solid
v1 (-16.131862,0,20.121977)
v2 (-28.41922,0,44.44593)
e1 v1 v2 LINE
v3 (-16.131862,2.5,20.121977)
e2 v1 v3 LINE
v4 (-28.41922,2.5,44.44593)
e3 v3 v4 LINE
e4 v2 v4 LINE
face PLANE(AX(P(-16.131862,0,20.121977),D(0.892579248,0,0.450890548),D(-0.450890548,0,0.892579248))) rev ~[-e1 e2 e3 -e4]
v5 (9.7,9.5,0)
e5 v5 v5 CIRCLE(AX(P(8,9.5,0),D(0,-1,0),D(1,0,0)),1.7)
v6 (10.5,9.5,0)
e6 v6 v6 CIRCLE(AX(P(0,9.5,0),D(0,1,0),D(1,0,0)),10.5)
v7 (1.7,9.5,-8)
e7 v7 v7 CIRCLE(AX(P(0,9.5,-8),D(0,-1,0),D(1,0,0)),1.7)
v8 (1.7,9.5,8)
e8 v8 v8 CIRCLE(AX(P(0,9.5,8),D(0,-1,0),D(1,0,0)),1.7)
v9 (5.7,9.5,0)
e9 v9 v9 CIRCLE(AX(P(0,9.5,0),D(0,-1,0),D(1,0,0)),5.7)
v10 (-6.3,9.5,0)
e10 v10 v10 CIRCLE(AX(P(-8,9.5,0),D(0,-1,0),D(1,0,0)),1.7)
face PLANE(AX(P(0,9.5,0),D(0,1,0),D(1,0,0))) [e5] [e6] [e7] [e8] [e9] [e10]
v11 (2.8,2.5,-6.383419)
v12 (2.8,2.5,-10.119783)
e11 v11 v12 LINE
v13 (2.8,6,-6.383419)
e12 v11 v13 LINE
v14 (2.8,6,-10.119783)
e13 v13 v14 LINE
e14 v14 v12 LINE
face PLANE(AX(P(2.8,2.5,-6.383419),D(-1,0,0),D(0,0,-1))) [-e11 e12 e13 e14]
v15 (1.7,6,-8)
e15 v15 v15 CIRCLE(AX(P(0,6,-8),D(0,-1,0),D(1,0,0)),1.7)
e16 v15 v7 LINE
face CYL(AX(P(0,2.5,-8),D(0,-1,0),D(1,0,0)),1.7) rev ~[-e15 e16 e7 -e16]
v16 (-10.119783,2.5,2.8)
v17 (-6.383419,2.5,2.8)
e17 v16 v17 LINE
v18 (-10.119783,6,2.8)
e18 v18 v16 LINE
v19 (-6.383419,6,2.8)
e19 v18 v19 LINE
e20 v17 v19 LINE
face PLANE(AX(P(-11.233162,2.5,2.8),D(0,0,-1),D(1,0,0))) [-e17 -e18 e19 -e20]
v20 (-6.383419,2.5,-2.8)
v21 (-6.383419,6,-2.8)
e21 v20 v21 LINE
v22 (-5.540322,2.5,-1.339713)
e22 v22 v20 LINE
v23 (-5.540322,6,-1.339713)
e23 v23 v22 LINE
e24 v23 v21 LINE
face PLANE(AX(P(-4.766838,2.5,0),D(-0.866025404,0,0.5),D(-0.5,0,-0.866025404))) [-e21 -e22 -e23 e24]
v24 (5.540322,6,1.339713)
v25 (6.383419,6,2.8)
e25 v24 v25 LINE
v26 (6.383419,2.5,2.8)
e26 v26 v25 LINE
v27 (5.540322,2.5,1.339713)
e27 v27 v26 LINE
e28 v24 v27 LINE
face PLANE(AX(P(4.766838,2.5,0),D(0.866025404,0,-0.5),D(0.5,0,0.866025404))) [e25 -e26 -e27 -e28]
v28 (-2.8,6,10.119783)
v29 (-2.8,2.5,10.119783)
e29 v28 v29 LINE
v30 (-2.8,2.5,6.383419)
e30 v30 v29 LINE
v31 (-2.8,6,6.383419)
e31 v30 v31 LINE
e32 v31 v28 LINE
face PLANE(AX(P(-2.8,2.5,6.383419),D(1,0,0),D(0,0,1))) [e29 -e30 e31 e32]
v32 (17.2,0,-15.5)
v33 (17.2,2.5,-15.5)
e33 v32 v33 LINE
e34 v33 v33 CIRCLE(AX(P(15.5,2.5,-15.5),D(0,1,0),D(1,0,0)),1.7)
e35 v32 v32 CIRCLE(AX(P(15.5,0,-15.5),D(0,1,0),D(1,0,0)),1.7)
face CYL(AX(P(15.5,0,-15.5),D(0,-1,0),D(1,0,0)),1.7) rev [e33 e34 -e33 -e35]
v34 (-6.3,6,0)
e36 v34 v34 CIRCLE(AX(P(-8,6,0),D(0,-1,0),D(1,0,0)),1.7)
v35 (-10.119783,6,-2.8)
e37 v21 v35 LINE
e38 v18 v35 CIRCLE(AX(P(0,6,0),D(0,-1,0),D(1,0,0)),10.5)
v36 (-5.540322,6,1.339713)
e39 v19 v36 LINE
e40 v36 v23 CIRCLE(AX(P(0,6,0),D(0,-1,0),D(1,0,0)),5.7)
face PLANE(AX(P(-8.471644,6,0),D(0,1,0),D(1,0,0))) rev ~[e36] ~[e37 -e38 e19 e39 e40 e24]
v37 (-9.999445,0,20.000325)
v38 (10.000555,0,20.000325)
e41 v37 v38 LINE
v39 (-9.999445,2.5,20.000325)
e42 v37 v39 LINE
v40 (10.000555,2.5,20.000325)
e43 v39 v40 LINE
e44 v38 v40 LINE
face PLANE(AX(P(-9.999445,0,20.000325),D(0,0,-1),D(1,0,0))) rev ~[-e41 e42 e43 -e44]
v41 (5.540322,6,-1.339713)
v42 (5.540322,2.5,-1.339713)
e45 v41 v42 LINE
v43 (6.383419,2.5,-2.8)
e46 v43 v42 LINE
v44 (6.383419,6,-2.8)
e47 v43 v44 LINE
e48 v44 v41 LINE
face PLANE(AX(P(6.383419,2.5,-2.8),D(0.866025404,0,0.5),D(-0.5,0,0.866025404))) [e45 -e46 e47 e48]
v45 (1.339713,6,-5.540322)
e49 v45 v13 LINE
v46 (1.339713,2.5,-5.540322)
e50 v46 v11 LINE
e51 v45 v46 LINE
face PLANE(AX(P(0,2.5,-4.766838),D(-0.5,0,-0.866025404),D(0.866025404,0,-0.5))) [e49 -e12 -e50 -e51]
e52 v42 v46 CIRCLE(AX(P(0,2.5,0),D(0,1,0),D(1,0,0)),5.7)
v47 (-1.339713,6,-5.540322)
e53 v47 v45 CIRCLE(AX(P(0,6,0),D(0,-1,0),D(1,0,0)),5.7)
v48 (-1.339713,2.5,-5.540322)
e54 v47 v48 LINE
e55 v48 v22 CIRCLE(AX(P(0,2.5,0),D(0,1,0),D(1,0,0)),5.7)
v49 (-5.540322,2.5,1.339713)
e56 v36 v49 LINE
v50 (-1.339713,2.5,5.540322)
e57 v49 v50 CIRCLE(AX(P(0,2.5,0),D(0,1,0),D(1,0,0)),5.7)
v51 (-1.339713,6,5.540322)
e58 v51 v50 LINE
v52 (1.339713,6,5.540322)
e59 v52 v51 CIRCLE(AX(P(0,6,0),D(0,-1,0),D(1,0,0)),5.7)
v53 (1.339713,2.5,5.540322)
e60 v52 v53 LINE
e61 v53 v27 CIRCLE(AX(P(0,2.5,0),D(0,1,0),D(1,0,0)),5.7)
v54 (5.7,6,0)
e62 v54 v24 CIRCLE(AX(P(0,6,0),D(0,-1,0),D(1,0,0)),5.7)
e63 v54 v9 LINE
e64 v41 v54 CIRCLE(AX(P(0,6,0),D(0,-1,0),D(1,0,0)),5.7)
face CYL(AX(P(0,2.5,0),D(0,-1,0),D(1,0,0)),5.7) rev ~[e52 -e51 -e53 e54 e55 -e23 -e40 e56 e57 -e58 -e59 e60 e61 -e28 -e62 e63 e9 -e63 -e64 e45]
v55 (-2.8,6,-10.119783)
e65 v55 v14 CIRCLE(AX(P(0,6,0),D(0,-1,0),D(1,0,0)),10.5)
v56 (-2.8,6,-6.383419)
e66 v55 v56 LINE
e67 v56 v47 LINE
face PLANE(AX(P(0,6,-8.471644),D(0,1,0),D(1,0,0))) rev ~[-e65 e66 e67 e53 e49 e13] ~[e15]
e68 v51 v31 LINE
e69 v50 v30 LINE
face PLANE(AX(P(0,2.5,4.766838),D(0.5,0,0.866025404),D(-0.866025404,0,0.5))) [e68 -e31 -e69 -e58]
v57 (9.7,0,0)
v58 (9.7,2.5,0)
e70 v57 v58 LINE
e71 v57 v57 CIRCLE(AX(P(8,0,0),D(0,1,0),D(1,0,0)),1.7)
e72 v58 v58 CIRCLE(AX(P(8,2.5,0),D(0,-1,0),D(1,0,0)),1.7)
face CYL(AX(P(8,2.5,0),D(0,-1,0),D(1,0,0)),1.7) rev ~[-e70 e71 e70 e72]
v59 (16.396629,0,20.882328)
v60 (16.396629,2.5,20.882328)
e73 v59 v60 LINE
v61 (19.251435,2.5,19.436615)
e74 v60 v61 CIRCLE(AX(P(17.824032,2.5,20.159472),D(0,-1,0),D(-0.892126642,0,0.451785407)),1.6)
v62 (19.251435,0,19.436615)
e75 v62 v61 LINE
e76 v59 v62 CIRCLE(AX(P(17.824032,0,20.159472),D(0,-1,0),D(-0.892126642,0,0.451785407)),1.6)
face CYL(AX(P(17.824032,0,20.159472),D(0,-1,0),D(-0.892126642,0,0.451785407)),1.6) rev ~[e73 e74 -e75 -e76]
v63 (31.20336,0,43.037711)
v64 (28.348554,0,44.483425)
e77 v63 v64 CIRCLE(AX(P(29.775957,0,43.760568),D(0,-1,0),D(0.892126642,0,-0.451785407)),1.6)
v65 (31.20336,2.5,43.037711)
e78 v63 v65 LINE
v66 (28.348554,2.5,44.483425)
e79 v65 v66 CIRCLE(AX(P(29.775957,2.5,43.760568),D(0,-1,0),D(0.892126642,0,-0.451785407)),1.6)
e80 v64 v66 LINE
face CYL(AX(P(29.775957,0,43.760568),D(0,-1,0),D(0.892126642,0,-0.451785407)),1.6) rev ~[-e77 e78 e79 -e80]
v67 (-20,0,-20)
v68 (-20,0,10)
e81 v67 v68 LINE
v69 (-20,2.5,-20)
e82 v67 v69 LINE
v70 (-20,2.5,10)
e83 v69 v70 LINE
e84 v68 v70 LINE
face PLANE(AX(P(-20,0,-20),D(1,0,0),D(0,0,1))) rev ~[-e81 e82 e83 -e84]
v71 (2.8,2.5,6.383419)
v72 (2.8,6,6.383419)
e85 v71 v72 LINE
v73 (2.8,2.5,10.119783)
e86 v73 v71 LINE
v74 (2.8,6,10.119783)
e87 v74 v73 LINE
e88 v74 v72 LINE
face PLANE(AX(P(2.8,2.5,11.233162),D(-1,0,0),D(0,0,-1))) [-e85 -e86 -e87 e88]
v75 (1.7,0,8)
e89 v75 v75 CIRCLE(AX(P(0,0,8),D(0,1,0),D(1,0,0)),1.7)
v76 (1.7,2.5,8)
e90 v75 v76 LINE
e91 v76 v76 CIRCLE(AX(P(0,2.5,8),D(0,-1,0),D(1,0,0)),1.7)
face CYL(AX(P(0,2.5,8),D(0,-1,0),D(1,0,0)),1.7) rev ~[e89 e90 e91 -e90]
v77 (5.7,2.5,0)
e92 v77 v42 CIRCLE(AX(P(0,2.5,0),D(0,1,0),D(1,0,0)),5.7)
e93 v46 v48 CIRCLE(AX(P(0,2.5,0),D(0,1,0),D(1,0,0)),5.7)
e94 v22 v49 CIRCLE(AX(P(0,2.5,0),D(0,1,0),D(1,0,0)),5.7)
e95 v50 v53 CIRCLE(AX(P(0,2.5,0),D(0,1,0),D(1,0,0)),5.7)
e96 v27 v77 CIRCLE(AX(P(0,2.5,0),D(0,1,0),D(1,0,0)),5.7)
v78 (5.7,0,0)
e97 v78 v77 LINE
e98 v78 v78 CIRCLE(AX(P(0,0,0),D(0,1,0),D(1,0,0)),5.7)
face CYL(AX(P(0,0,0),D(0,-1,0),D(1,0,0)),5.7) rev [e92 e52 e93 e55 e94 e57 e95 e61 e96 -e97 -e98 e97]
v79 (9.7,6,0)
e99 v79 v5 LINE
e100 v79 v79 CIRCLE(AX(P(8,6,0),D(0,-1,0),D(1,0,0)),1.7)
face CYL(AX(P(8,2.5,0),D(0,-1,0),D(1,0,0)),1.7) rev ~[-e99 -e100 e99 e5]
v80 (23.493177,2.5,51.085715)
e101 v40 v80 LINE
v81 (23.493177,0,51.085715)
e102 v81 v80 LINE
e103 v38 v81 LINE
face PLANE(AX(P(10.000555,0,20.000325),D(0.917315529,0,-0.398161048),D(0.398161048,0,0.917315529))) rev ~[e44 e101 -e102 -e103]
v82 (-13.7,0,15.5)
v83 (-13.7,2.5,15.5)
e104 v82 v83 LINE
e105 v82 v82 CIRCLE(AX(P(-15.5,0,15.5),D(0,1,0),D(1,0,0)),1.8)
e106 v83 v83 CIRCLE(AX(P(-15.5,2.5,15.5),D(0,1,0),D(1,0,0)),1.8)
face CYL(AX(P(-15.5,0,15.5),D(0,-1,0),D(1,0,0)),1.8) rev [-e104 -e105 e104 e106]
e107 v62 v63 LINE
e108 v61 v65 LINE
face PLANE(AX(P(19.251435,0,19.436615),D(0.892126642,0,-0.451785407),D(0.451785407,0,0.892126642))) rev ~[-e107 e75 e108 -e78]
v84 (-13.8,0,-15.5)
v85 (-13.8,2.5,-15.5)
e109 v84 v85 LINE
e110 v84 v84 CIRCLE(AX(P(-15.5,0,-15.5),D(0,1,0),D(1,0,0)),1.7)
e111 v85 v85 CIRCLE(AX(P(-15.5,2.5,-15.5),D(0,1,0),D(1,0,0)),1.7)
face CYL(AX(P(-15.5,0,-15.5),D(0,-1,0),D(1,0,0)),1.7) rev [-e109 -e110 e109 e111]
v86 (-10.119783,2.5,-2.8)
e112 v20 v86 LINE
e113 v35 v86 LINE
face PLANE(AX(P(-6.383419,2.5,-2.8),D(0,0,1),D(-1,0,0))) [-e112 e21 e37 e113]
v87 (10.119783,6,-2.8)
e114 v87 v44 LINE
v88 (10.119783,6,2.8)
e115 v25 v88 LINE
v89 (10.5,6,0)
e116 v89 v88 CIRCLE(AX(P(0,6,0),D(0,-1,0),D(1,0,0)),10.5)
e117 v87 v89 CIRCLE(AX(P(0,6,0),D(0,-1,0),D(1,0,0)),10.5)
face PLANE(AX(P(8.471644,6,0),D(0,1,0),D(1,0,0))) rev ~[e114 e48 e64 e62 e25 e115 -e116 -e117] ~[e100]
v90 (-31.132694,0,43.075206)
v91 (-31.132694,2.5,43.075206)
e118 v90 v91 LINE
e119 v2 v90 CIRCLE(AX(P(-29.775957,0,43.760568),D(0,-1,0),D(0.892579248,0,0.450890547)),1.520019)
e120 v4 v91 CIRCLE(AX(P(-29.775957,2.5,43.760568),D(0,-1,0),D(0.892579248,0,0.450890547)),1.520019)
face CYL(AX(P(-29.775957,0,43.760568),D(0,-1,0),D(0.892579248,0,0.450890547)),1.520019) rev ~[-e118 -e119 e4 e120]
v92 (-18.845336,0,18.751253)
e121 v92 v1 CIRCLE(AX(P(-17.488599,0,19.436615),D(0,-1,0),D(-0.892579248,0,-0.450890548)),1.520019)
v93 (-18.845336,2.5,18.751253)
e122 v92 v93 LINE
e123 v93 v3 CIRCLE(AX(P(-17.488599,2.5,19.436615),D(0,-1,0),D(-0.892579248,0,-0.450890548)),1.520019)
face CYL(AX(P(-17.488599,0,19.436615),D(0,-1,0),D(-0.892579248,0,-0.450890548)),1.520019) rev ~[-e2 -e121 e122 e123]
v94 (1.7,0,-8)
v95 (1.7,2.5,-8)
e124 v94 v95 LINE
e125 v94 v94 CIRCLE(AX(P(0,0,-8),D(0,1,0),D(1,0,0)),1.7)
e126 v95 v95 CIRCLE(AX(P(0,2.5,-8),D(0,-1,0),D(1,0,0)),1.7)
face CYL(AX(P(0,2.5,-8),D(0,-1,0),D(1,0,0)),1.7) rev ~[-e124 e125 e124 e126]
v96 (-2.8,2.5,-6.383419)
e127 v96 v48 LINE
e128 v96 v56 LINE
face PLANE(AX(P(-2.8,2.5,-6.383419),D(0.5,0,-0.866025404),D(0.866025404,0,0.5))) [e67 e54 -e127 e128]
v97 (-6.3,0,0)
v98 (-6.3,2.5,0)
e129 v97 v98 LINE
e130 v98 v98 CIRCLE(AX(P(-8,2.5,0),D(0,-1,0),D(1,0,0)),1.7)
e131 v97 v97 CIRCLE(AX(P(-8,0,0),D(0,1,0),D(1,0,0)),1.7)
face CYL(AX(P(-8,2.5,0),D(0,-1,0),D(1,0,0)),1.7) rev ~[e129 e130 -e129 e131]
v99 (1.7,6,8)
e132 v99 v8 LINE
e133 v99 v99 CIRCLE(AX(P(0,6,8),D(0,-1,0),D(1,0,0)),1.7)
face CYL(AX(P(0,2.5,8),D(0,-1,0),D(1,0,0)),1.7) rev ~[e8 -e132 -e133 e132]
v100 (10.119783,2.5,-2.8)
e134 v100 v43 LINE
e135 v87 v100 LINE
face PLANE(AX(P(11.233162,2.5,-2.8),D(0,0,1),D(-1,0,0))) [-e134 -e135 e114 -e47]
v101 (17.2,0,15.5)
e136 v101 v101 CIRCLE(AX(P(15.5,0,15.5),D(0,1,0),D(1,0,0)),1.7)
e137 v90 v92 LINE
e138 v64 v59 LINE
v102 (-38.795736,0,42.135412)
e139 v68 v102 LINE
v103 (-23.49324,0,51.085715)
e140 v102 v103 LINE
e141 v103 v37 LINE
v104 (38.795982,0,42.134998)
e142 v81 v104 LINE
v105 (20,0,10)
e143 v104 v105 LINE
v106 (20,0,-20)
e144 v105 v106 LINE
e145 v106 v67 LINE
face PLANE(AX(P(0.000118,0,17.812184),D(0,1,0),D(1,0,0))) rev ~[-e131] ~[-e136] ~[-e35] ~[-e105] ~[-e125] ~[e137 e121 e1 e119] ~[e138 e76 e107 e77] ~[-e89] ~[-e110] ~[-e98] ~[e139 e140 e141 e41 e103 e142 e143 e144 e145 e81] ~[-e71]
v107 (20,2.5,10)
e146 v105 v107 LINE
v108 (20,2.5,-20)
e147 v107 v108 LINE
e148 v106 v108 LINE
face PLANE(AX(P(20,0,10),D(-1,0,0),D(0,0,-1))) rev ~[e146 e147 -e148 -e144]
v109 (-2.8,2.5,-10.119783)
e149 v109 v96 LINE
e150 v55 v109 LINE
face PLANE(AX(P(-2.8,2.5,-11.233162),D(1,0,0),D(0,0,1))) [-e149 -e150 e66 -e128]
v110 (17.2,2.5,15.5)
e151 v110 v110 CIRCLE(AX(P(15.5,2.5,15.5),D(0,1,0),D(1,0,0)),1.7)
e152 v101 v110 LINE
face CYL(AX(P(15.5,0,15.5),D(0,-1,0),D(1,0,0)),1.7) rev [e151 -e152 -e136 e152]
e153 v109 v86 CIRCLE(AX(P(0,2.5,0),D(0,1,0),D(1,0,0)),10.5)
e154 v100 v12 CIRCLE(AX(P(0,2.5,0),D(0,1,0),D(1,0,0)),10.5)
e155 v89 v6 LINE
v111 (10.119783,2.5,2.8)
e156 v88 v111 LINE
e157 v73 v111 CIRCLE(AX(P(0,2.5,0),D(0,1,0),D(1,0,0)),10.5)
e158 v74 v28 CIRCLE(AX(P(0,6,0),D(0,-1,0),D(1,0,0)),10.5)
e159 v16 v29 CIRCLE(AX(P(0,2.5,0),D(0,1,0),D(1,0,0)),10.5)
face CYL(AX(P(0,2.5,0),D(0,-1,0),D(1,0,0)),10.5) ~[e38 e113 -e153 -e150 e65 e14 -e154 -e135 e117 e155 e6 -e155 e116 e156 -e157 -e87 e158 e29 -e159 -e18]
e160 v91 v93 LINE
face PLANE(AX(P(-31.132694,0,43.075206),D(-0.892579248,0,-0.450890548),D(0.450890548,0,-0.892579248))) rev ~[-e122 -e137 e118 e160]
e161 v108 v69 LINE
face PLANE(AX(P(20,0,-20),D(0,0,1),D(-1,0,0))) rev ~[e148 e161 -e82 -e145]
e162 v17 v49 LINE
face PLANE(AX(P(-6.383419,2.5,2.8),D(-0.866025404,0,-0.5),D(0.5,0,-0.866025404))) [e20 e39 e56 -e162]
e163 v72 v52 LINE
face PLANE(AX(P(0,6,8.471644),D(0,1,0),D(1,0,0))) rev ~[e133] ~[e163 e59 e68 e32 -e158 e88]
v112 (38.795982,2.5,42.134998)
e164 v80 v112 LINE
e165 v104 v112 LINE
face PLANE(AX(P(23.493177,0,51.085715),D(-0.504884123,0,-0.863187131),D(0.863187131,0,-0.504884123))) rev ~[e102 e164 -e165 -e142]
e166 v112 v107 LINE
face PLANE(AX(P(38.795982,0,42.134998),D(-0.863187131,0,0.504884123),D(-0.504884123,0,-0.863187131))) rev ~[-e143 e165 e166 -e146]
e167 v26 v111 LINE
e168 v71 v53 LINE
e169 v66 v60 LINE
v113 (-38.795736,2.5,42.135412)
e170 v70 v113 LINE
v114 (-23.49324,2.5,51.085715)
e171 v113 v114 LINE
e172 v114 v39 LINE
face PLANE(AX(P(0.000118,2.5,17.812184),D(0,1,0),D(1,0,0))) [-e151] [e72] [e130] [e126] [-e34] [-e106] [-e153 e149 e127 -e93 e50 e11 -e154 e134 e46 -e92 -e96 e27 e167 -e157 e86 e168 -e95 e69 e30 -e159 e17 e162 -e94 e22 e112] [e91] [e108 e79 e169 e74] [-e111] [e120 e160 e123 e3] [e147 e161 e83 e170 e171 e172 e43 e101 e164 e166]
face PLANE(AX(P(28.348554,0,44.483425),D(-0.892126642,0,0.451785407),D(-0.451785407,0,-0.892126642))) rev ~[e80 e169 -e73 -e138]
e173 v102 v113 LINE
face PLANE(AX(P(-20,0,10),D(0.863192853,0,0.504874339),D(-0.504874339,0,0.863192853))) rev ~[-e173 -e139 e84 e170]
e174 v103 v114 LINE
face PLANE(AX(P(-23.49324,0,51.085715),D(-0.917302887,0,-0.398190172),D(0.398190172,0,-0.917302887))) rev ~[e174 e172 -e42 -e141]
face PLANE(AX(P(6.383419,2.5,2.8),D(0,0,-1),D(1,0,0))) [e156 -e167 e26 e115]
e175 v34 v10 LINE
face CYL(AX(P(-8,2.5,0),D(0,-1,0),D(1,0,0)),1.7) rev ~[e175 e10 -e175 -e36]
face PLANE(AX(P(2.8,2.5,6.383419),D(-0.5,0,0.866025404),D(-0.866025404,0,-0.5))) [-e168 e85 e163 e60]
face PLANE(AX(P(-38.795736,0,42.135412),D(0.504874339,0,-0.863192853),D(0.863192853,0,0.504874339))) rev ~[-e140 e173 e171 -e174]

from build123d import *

# Parameters (mm, degrees)
SKETCH_1_R          = 1.7
SKETCH_1_R_2        = 1.8
SKETCH_1_R_3        = 5.7
EXTRUDE_1_DEPTH     = 2.5
SKETCH_2_R          = 10.5
EXTRUDE_2_DEPTH     = 7
SKETCH_4_R          = 1.7
CUT_EXTRUDE_1_DEPTH = 7
CUT_EXTRUDE_2_DEPTH = 3.5
SKETCH_6_R          = 5.7
CUT_EXTRUDE_3_DEPTH = 20


with BuildPart() as part:
    # 草图1 → 凸台-拉伸1 (new body)
    with BuildSketch(Plane(origin=(0, 0, 0), x_dir=(1, 0, 0), z_dir=(0, 1, 0))):
        Polygon((-9.99944515, -20.000324527), (10.00055485, -20.000324527), (23.493176713, -51.085714784), (38.795982487, -42.134997854), (20, -10), (20, 20), (-20, 20), (-20, -10), (-38.79573581, -42.1354119), (-23.493239928, -51.085714784), align=None)
        with Locations((15.5, 15.5)):
            Circle(SKETCH_1_R, mode=Mode.SUBTRACT)
        with Locations((-15.5, -15.5)):
            Circle(SKETCH_1_R_2, mode=Mode.SUBTRACT)
        with Locations((-15.5, 15.5)):
            Circle(SKETCH_1_R, mode=Mode.SUBTRACT)
        Circle(SKETCH_1_R_3, mode=Mode.SUBTRACT)
        with Locations((-8, 0)):
            Circle(SKETCH_1_R, mode=Mode.SUBTRACT)
        with Locations((0, 8)):
            Circle(SKETCH_1_R, mode=Mode.SUBTRACT)
        with Locations((8, 0)):
            Circle(SKETCH_1_R, mode=Mode.SUBTRACT)
        with Locations((0, -8)):
            Circle(SKETCH_1_R, mode=Mode.SUBTRACT)
        with Locations((15.5, -15.5)):
            Circle(SKETCH_1_R, mode=Mode.SUBTRACT)
        with BuildLine():
            Line((-16.131862345, -20.121977189), (-28.419219954, -44.445930008))
            ThreePointArc((-28.419219954, -44.445930008), (-30.461319047, -45.117305053), (-31.132694091, -43.07520596))
            Line((-31.132694091, -43.07520596), (-18.845336482, -18.75125314))
            ThreePointArc((-18.845336482, -18.75125314), (-16.803237389, -18.079878096), (-16.131862345, -20.121977189))
        make_face(mode=Mode.SUBTRACT)
        with BuildLine():
            Line((19.251434516, -19.436615165), (31.203359651, -43.037711333))
            ThreePointArc((31.203359651, -43.037711333), (30.498813674, -45.187970612), (28.348554395, -44.483424635))
            Line((28.348554395, -44.483424635), (16.39662926, -20.882328467))
            ThreePointArc((16.39662926, -20.882328467), (17.101175237, -18.732069188), (19.251434516, -19.436615165))
        make_face(mode=Mode.SUBTRACT)
    extrude(amount=EXTRUDE_1_DEPTH)

    # 草图2 → 凸台-拉伸2 (add)
    with BuildSketch(Plane(origin=(0, 2.5, 0), x_dir=(1, 0, 0), z_dir=(0, 1, 0))):
        Circle(SKETCH_2_R)
    extrude(amount=EXTRUDE_2_DEPTH)

    # 草图4 → 切除-拉伸1 (cut)
    with BuildSketch(Plane.XZ.offset(-2.5)):
        with Locations((0, -8)):
            Circle(SKETCH_4_R)
        with Locations((-8, 0)):
            Circle(SKETCH_4_R)
        with Locations((8, 0)):
            Circle(SKETCH_4_R)
        with Locations((0, 8)):
            Circle(SKETCH_4_R)
    extrude(amount=-CUT_EXTRUDE_1_DEPTH, mode=Mode.SUBTRACT)

    # 草图5 → 切除-拉伸2 (cut)
    with BuildSketch(Plane(origin=(0, 2.5, 0), x_dir=(1, 0, 0), z_dir=(0, 1, 0))):
        Polygon((-4.766838493, 0), (-6.383419246, 2.8), (-11.233161507, 2.8), (-11.233161507, -2.8), (-6.383419246, -2.8), align=None)
        Polygon((4.766838493, 0), (6.383419246, -2.8), (11.233161507, -2.8), (11.233161507, 2.8), (6.383419246, 2.8), align=None)
        Polygon((-2.8, 11.233161507), (-2.8, 6.383419246), (0, 4.766838493), (2.8, 6.383419246), (2.8, 11.233161507), align=None)
        Polygon((0, -4.766838493), (-2.8, -6.383419246), (-2.8, -11.233161507), (2.8, -11.233161507), (2.8, -6.383419246), align=None)
    extrude(amount=CUT_EXTRUDE_2_DEPTH, mode=Mode.SUBTRACT)

    # 草图6 → 切除-拉伸3 (cut)
    with BuildSketch(Plane.XZ.offset(-2.5)):
        Circle(SKETCH_6_R)
    extrude(amount=-CUT_EXTRUDE_3_DEPTH, mode=Mode.SUBTRACT)


solid = part.part
